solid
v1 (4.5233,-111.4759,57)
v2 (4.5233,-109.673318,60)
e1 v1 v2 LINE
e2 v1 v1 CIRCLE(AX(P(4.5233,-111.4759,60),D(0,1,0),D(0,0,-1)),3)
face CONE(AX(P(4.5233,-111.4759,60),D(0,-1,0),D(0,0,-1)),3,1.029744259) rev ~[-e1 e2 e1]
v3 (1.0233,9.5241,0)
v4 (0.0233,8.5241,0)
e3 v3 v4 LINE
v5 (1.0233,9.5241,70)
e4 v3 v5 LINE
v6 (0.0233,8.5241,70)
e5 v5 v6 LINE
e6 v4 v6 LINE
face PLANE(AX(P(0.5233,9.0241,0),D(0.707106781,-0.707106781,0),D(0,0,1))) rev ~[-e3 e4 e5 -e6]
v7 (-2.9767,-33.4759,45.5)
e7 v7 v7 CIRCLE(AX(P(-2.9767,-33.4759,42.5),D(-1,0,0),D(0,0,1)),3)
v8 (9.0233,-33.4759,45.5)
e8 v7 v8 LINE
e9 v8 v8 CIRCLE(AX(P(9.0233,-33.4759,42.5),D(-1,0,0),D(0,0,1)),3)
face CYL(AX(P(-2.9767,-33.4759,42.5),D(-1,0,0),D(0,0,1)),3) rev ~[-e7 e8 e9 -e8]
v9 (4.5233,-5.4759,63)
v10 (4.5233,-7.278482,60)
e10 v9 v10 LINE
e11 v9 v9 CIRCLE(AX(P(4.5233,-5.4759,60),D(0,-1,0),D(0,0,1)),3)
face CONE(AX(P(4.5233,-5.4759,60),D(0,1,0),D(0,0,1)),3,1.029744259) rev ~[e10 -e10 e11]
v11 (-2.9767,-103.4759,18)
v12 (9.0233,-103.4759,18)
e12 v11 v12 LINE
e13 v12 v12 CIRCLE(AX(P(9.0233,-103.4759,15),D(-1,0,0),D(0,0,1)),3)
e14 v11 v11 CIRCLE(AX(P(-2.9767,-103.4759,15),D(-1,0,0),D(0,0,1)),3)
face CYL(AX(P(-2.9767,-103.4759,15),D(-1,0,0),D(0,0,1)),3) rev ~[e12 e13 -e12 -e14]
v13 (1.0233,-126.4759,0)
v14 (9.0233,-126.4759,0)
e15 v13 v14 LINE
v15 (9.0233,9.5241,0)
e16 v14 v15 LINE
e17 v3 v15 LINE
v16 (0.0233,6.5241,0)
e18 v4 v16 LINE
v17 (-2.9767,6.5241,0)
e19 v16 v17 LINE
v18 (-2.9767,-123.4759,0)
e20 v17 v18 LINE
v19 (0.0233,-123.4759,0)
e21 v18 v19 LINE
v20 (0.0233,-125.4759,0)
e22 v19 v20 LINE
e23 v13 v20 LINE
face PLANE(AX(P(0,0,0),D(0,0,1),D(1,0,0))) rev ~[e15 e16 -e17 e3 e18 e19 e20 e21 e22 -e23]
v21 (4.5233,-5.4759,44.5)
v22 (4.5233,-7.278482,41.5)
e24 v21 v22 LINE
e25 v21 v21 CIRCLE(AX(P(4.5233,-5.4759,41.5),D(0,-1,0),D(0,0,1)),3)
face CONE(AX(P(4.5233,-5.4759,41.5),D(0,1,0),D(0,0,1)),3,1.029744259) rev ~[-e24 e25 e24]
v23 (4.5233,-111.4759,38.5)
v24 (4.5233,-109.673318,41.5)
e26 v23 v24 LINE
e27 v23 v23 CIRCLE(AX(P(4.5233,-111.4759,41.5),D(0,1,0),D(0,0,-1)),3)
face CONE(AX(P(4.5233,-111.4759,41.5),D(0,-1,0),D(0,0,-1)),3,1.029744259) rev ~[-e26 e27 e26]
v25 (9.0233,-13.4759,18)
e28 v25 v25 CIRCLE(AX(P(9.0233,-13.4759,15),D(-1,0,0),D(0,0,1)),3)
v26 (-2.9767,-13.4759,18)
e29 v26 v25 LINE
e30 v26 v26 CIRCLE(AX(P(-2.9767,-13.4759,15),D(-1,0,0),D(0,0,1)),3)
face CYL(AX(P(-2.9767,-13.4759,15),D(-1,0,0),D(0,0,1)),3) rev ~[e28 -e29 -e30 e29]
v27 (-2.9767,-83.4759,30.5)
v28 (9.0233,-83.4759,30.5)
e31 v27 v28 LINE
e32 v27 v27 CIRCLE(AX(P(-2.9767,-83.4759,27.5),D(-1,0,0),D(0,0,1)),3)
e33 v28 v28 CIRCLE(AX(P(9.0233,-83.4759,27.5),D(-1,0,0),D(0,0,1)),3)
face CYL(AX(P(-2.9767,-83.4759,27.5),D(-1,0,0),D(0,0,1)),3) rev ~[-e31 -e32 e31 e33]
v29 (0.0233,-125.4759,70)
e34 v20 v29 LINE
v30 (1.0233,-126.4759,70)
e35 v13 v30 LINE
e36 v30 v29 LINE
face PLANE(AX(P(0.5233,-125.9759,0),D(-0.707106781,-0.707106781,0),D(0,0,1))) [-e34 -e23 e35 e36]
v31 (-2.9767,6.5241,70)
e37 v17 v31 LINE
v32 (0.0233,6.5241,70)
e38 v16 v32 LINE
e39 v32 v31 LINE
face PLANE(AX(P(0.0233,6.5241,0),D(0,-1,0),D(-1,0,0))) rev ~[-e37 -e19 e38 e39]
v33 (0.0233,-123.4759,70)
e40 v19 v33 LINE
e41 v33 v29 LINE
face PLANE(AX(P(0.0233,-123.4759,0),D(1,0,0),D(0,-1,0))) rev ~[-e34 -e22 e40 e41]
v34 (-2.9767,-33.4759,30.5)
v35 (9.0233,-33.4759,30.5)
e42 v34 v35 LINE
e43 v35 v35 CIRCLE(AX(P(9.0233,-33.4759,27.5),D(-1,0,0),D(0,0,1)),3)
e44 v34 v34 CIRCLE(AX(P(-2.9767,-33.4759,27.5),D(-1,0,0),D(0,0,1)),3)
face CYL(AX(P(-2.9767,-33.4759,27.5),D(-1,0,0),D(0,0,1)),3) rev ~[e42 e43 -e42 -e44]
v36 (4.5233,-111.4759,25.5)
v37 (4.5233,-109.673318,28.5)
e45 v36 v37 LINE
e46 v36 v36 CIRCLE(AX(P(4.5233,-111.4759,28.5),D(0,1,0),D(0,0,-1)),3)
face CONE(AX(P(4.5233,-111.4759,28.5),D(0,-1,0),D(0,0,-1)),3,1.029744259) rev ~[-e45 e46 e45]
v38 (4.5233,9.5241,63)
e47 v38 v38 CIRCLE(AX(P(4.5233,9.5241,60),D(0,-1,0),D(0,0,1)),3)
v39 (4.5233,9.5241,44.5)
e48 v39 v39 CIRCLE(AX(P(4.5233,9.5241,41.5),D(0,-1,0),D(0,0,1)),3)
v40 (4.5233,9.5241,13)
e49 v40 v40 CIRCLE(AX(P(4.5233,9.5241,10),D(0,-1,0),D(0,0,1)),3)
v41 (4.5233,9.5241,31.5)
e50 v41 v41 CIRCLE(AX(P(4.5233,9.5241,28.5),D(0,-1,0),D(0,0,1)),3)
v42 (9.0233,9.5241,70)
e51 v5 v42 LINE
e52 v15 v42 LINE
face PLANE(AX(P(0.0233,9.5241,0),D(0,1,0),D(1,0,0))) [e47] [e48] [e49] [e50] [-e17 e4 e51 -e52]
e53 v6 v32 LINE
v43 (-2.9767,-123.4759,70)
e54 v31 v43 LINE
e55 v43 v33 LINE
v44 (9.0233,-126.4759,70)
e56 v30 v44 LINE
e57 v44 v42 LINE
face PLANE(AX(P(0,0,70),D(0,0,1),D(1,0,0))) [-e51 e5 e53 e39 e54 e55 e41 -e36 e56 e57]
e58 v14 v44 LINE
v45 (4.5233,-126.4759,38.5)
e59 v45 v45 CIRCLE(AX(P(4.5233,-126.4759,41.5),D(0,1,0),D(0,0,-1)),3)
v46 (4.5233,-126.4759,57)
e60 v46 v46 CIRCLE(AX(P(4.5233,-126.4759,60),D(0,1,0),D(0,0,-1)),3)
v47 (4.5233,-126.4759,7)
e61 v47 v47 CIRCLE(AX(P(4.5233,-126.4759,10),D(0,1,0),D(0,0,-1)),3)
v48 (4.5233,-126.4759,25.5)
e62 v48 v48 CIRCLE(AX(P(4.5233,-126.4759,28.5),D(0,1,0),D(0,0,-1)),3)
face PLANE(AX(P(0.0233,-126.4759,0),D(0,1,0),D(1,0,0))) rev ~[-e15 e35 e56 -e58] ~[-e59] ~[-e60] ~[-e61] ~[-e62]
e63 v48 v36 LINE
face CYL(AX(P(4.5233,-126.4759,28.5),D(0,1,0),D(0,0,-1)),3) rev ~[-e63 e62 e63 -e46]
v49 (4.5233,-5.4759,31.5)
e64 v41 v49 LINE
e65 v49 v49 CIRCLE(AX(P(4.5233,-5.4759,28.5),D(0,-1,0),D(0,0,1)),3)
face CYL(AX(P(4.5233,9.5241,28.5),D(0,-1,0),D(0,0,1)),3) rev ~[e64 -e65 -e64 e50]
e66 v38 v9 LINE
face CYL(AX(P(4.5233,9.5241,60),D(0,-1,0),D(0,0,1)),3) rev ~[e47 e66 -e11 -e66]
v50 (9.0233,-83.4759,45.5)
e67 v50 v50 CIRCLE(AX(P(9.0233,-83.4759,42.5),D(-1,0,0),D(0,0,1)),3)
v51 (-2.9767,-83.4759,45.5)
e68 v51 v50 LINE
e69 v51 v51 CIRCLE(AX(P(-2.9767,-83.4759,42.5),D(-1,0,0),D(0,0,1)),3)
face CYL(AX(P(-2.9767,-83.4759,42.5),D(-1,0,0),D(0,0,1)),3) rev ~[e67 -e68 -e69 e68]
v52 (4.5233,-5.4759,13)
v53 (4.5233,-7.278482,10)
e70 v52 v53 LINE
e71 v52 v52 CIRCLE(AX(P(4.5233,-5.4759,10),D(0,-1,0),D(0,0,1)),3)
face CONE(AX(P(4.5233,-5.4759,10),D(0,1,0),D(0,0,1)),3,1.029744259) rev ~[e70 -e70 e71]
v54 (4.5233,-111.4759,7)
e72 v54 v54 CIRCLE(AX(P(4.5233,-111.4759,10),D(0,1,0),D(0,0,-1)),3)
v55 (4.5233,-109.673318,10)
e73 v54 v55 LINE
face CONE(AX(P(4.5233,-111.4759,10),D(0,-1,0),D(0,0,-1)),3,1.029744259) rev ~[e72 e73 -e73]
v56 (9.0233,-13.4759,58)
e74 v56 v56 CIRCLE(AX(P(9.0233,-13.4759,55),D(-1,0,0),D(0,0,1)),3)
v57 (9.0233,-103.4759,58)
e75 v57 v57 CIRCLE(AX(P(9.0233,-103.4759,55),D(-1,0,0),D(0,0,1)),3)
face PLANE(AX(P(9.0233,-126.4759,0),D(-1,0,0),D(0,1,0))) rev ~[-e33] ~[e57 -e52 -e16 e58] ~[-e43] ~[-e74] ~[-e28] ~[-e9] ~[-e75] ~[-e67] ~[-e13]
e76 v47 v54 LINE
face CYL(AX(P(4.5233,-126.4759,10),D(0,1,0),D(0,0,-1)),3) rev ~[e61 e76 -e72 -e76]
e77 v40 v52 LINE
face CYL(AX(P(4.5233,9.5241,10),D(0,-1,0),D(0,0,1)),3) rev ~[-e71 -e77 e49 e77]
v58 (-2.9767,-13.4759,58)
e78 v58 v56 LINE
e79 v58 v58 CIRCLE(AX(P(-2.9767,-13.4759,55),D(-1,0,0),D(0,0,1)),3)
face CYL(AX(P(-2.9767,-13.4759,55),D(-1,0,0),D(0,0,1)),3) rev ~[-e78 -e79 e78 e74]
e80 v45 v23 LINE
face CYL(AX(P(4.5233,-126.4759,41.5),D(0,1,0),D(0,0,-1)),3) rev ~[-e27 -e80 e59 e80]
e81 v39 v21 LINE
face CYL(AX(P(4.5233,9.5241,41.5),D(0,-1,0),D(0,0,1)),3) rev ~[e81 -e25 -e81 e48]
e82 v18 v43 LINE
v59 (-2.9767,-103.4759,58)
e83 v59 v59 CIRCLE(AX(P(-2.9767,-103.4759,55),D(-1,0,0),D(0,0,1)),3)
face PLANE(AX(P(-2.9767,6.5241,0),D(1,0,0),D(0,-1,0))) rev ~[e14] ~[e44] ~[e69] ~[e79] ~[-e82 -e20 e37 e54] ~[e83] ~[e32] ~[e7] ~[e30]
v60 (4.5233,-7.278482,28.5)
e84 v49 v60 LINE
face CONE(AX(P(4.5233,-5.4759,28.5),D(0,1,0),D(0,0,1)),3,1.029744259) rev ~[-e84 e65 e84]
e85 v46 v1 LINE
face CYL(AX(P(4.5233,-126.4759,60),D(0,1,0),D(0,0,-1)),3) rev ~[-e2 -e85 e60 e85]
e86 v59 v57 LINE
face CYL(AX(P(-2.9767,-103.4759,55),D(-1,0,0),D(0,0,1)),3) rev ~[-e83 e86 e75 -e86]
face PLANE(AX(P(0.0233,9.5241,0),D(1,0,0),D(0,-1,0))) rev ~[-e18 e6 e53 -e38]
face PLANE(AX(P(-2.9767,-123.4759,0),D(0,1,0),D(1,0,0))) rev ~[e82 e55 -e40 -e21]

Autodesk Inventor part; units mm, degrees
ref_plane "YZ Plane" through (0, 0, 0) normal (1, 0, 0) x (0, 1, 0)
ref_plane "XZ Plane" through (0, 0, 0) normal (0, 1, 0) x (-1, 0, 0)
ref_plane "XY Plane" through (0, 0, 0) normal (0, 0, 1) x (1, 0, 0)
sketch "Sketch1" plane through (0, 0, 0) normal (0, 0, 1) x (1, 0, 0)
  line L0 (0.0233, 9.5241) -> (9.0233, 9.5241)
  line L1 (0.0233, 9.5241) -> (0.0233, 6.5241)
  line L2 (0.0233, 6.5241) -> (-2.9767, 6.5241)
  line L3 (-2.9767, 6.5241) -> (-2.9767, -123.4759)
  line L4 (-2.9767, -123.4759) -> (0.0233, -123.4759)
  line L5 (0.0233, -123.4759) -> (0.0233, -126.4759)
  line L6 (0.0233, -126.4759) -> (9.0233, -126.4759)
  line L7 (9.0233, -126.4759) -> (9.0233, 9.5241)
  dimension "d0" = 9
  dimension "d1" = 3
  dimension "d2" = 3
  dimension "d3" = 130
  dimension "d4" = 3
  dimension "d5" = 9
extrude "Extrusion1" add sketch "Sketch1" along normal blind 70
sketch "Sketch2" plane through (0.0233, 9.5241, 0) normal (0, 1, 0) x (1, 0, 0)
  circle A0 centre (4.5, -10) radius 3
  circle A1 centre (4.5, -28.5) radius 3
  circle A2 centre (4.5, -41.5) radius 3
  circle A3 centre (4.5, -60) radius 3
  line L0 (9, -70) -> (0, -70) projected
  line L1 (9, 0) -> (0, 0) projected
  line L2 (0, 0) -> (0, -70) projected
  point P0 (-0.0233, 0)
  dimension "d8" = 6
  dimension "d9" = 6
  dimension "d10" = 6
  dimension "d11" = 6
  dimension "d12" = 10
  dimension "d16" = 10
  dimension "d18" = 4.5
  dimension "d19" = 4.5
  dimension "d20" = 4.5
  dimension "d21" = 4.5
  dimension "d135" = 28.5
  dimension "d136" = 28.5
sketch "Sketch3" plane through (0.0233, -126.4759, 0) normal (0, -1, 0) x (1, 0, 0)
  circle A0 centre (4.5, 10) radius 3
  circle A1 centre (4.5, 28.5) radius 3
  circle A2 centre (4.5, 41.5) radius 3
  circle A3 centre (4.5, 60) radius 3
  line L0 (0, 70) -> (9, 70) projected
  line L1 (0, 0) -> (9, 0) projected
  line L2 (0, 0) -> (0, 70) projected
  point P0 (-0.0233, 0)
  dimension "d38" = 6
  dimension "d39" = 6
  dimension "d40" = 6
  dimension "d41" = 6
  dimension "d42" = 10
  dimension "d43" = 10
  dimension "d46" = 4.5
  dimension "d47" = 4.5
  dimension "d48" = 4.5
  dimension "d49" = 4.5
  dimension "d137" = 28.5
  dimension "d138" = 28.5
sketch "Sketch4" plane through (-2.9767, -123.4759, 0) normal (-1, 0, 0) x (0, 0, 1)
  circle A0 centre (15, 110) radius 3
  circle A1 centre (27.5, 90) radius 3
  circle A2 centre (42.5, 90) radius 3
  circle A3 centre (55, 110) radius 3
  line L0 (0, 133) -> (70, 133) projected
  line L1 (0, 130) -> (0, 0) projected
  line L2 (70, 130) -> (70, 0) projected
  line L3 (70, -3) -> (70, 133) projected
  line L4 (70, 65) -> (60.0222, 65)
  circle A4 centre (15, 20) radius 3
  circle A5 centre (27.5, 40) radius 3
  circle A6 centre (42.5, 40) radius 3
  circle A7 centre (55, 20) radius 3
  circle A8 centre (15, 110) radius 5.125
  circle A9 centre (27.5, 90) radius 5.125
  circle A10 centre (42.5, 90) radius 5.125
  circle A11 centre (55, 110) radius 5.125
  circle A12 centre (15, 20) radius 5.125
  circle A13 centre (27.5, 40) radius 5.125
  circle A14 centre (42.5, 40) radius 5.125
  circle A15 centre (55, 20) radius 5.125
  circle A16 centre (35, 65) radius 3
  line L5 (35, 65) -> (35, 82.0143)
  circle A17 centre (60, 82.0143) radius 3
  circle A18 centre (45, 82.0143) radius 3
  circle A19 centre (10, 86.2004) radius 3
  point P0 (0, 123.4759)
  dimension "d52" = 6
  dimension "d53" = 6
  dimension "d54" = 6
  dimension "d55" = 6
  dimension "d56" = 23
  dimension "d57" = 43
  dimension "d58" = 43
  dimension "d59" = 23
  dimension "d60" = 15
  dimension "d61" = 15
  dimension "d66" = 10.25
  dimension "d67" = 10.25
  dimension "d68" = 10.25
  dimension "d69" = 10.25
  dimension "d70" = 10.25
  dimension "d71" = 10.25
  dimension "d72" = 10.25
  dimension "d73" = 10.25
  dimension "d76" = 6
  dimension "d77" = 6
  dimension "d78" = 6
  dimension "d79" = 10
  dimension "d80" = 15
  dimension "d83" = 6
  dimension "d85" = 10
  dimension "d133" = 12.5
  dimension "d134" = 12.5
extrude "Extrusion5" cut sketch "Sketch4" against normal blind 21 contours A0 | A1 | A2 | A3 | A4 | A5 | A6 | A7
hole "Agujero1" at (4.5233, 9.5241, 10) at (4.5233, 9.5241, 28.5) at (4.5233, 9.5241, 41.5) at (4.5233, 9.5241, 60) direction (0, -1, 0) diameter 6 depth 15 tip angle 118
hole "Agujero2" at (4.5233, -126.4759, 10) at (4.5233, -126.4759, 28.5) at (4.5233, -126.4759, 41.5) at (4.5233, -126.4759, 60) direction (0, 1, 0) diameter 6 depth 15 tip angle 118
thread "Rosca9" size "M6x1" class "6H" standard "ISO Metric profile" length 10
thread "Rosca10" size "M6x1" class "6H" standard "ISO Metric profile" length 10
thread "Rosca11" size "M6x1" class "6H" standard "ISO Metric profile" length 10
thread "Rosca12" size "M6x1" class "6H" standard "ISO Metric profile" length 10
thread "Rosca13" size "M6x1" class "6H" standard "ISO Metric profile" length 10
thread "Rosca14" size "M6x1" class "6H" standard "ISO Metric profile" length 10
thread "Rosca15" size "M6x1" class "6H" standard "ISO Metric profile" length 10
thread "Rosca16" size "M6x1" class "6H" standard "ISO Metric profile" length 10
chamfer "Chaflán1" distance 1 angle 45 2 edges at (0.0233, 9.5241, 35) (0.0233, -126.4759, 35)
equation "\"d16\" = d12"
equation "\"d136\" = d135"
equation "\"d43\" = d42"
equation "\"d138\" = d137"
properties part number "Vertical Vìnculo Cabezal" material "Aluminum 6061"
